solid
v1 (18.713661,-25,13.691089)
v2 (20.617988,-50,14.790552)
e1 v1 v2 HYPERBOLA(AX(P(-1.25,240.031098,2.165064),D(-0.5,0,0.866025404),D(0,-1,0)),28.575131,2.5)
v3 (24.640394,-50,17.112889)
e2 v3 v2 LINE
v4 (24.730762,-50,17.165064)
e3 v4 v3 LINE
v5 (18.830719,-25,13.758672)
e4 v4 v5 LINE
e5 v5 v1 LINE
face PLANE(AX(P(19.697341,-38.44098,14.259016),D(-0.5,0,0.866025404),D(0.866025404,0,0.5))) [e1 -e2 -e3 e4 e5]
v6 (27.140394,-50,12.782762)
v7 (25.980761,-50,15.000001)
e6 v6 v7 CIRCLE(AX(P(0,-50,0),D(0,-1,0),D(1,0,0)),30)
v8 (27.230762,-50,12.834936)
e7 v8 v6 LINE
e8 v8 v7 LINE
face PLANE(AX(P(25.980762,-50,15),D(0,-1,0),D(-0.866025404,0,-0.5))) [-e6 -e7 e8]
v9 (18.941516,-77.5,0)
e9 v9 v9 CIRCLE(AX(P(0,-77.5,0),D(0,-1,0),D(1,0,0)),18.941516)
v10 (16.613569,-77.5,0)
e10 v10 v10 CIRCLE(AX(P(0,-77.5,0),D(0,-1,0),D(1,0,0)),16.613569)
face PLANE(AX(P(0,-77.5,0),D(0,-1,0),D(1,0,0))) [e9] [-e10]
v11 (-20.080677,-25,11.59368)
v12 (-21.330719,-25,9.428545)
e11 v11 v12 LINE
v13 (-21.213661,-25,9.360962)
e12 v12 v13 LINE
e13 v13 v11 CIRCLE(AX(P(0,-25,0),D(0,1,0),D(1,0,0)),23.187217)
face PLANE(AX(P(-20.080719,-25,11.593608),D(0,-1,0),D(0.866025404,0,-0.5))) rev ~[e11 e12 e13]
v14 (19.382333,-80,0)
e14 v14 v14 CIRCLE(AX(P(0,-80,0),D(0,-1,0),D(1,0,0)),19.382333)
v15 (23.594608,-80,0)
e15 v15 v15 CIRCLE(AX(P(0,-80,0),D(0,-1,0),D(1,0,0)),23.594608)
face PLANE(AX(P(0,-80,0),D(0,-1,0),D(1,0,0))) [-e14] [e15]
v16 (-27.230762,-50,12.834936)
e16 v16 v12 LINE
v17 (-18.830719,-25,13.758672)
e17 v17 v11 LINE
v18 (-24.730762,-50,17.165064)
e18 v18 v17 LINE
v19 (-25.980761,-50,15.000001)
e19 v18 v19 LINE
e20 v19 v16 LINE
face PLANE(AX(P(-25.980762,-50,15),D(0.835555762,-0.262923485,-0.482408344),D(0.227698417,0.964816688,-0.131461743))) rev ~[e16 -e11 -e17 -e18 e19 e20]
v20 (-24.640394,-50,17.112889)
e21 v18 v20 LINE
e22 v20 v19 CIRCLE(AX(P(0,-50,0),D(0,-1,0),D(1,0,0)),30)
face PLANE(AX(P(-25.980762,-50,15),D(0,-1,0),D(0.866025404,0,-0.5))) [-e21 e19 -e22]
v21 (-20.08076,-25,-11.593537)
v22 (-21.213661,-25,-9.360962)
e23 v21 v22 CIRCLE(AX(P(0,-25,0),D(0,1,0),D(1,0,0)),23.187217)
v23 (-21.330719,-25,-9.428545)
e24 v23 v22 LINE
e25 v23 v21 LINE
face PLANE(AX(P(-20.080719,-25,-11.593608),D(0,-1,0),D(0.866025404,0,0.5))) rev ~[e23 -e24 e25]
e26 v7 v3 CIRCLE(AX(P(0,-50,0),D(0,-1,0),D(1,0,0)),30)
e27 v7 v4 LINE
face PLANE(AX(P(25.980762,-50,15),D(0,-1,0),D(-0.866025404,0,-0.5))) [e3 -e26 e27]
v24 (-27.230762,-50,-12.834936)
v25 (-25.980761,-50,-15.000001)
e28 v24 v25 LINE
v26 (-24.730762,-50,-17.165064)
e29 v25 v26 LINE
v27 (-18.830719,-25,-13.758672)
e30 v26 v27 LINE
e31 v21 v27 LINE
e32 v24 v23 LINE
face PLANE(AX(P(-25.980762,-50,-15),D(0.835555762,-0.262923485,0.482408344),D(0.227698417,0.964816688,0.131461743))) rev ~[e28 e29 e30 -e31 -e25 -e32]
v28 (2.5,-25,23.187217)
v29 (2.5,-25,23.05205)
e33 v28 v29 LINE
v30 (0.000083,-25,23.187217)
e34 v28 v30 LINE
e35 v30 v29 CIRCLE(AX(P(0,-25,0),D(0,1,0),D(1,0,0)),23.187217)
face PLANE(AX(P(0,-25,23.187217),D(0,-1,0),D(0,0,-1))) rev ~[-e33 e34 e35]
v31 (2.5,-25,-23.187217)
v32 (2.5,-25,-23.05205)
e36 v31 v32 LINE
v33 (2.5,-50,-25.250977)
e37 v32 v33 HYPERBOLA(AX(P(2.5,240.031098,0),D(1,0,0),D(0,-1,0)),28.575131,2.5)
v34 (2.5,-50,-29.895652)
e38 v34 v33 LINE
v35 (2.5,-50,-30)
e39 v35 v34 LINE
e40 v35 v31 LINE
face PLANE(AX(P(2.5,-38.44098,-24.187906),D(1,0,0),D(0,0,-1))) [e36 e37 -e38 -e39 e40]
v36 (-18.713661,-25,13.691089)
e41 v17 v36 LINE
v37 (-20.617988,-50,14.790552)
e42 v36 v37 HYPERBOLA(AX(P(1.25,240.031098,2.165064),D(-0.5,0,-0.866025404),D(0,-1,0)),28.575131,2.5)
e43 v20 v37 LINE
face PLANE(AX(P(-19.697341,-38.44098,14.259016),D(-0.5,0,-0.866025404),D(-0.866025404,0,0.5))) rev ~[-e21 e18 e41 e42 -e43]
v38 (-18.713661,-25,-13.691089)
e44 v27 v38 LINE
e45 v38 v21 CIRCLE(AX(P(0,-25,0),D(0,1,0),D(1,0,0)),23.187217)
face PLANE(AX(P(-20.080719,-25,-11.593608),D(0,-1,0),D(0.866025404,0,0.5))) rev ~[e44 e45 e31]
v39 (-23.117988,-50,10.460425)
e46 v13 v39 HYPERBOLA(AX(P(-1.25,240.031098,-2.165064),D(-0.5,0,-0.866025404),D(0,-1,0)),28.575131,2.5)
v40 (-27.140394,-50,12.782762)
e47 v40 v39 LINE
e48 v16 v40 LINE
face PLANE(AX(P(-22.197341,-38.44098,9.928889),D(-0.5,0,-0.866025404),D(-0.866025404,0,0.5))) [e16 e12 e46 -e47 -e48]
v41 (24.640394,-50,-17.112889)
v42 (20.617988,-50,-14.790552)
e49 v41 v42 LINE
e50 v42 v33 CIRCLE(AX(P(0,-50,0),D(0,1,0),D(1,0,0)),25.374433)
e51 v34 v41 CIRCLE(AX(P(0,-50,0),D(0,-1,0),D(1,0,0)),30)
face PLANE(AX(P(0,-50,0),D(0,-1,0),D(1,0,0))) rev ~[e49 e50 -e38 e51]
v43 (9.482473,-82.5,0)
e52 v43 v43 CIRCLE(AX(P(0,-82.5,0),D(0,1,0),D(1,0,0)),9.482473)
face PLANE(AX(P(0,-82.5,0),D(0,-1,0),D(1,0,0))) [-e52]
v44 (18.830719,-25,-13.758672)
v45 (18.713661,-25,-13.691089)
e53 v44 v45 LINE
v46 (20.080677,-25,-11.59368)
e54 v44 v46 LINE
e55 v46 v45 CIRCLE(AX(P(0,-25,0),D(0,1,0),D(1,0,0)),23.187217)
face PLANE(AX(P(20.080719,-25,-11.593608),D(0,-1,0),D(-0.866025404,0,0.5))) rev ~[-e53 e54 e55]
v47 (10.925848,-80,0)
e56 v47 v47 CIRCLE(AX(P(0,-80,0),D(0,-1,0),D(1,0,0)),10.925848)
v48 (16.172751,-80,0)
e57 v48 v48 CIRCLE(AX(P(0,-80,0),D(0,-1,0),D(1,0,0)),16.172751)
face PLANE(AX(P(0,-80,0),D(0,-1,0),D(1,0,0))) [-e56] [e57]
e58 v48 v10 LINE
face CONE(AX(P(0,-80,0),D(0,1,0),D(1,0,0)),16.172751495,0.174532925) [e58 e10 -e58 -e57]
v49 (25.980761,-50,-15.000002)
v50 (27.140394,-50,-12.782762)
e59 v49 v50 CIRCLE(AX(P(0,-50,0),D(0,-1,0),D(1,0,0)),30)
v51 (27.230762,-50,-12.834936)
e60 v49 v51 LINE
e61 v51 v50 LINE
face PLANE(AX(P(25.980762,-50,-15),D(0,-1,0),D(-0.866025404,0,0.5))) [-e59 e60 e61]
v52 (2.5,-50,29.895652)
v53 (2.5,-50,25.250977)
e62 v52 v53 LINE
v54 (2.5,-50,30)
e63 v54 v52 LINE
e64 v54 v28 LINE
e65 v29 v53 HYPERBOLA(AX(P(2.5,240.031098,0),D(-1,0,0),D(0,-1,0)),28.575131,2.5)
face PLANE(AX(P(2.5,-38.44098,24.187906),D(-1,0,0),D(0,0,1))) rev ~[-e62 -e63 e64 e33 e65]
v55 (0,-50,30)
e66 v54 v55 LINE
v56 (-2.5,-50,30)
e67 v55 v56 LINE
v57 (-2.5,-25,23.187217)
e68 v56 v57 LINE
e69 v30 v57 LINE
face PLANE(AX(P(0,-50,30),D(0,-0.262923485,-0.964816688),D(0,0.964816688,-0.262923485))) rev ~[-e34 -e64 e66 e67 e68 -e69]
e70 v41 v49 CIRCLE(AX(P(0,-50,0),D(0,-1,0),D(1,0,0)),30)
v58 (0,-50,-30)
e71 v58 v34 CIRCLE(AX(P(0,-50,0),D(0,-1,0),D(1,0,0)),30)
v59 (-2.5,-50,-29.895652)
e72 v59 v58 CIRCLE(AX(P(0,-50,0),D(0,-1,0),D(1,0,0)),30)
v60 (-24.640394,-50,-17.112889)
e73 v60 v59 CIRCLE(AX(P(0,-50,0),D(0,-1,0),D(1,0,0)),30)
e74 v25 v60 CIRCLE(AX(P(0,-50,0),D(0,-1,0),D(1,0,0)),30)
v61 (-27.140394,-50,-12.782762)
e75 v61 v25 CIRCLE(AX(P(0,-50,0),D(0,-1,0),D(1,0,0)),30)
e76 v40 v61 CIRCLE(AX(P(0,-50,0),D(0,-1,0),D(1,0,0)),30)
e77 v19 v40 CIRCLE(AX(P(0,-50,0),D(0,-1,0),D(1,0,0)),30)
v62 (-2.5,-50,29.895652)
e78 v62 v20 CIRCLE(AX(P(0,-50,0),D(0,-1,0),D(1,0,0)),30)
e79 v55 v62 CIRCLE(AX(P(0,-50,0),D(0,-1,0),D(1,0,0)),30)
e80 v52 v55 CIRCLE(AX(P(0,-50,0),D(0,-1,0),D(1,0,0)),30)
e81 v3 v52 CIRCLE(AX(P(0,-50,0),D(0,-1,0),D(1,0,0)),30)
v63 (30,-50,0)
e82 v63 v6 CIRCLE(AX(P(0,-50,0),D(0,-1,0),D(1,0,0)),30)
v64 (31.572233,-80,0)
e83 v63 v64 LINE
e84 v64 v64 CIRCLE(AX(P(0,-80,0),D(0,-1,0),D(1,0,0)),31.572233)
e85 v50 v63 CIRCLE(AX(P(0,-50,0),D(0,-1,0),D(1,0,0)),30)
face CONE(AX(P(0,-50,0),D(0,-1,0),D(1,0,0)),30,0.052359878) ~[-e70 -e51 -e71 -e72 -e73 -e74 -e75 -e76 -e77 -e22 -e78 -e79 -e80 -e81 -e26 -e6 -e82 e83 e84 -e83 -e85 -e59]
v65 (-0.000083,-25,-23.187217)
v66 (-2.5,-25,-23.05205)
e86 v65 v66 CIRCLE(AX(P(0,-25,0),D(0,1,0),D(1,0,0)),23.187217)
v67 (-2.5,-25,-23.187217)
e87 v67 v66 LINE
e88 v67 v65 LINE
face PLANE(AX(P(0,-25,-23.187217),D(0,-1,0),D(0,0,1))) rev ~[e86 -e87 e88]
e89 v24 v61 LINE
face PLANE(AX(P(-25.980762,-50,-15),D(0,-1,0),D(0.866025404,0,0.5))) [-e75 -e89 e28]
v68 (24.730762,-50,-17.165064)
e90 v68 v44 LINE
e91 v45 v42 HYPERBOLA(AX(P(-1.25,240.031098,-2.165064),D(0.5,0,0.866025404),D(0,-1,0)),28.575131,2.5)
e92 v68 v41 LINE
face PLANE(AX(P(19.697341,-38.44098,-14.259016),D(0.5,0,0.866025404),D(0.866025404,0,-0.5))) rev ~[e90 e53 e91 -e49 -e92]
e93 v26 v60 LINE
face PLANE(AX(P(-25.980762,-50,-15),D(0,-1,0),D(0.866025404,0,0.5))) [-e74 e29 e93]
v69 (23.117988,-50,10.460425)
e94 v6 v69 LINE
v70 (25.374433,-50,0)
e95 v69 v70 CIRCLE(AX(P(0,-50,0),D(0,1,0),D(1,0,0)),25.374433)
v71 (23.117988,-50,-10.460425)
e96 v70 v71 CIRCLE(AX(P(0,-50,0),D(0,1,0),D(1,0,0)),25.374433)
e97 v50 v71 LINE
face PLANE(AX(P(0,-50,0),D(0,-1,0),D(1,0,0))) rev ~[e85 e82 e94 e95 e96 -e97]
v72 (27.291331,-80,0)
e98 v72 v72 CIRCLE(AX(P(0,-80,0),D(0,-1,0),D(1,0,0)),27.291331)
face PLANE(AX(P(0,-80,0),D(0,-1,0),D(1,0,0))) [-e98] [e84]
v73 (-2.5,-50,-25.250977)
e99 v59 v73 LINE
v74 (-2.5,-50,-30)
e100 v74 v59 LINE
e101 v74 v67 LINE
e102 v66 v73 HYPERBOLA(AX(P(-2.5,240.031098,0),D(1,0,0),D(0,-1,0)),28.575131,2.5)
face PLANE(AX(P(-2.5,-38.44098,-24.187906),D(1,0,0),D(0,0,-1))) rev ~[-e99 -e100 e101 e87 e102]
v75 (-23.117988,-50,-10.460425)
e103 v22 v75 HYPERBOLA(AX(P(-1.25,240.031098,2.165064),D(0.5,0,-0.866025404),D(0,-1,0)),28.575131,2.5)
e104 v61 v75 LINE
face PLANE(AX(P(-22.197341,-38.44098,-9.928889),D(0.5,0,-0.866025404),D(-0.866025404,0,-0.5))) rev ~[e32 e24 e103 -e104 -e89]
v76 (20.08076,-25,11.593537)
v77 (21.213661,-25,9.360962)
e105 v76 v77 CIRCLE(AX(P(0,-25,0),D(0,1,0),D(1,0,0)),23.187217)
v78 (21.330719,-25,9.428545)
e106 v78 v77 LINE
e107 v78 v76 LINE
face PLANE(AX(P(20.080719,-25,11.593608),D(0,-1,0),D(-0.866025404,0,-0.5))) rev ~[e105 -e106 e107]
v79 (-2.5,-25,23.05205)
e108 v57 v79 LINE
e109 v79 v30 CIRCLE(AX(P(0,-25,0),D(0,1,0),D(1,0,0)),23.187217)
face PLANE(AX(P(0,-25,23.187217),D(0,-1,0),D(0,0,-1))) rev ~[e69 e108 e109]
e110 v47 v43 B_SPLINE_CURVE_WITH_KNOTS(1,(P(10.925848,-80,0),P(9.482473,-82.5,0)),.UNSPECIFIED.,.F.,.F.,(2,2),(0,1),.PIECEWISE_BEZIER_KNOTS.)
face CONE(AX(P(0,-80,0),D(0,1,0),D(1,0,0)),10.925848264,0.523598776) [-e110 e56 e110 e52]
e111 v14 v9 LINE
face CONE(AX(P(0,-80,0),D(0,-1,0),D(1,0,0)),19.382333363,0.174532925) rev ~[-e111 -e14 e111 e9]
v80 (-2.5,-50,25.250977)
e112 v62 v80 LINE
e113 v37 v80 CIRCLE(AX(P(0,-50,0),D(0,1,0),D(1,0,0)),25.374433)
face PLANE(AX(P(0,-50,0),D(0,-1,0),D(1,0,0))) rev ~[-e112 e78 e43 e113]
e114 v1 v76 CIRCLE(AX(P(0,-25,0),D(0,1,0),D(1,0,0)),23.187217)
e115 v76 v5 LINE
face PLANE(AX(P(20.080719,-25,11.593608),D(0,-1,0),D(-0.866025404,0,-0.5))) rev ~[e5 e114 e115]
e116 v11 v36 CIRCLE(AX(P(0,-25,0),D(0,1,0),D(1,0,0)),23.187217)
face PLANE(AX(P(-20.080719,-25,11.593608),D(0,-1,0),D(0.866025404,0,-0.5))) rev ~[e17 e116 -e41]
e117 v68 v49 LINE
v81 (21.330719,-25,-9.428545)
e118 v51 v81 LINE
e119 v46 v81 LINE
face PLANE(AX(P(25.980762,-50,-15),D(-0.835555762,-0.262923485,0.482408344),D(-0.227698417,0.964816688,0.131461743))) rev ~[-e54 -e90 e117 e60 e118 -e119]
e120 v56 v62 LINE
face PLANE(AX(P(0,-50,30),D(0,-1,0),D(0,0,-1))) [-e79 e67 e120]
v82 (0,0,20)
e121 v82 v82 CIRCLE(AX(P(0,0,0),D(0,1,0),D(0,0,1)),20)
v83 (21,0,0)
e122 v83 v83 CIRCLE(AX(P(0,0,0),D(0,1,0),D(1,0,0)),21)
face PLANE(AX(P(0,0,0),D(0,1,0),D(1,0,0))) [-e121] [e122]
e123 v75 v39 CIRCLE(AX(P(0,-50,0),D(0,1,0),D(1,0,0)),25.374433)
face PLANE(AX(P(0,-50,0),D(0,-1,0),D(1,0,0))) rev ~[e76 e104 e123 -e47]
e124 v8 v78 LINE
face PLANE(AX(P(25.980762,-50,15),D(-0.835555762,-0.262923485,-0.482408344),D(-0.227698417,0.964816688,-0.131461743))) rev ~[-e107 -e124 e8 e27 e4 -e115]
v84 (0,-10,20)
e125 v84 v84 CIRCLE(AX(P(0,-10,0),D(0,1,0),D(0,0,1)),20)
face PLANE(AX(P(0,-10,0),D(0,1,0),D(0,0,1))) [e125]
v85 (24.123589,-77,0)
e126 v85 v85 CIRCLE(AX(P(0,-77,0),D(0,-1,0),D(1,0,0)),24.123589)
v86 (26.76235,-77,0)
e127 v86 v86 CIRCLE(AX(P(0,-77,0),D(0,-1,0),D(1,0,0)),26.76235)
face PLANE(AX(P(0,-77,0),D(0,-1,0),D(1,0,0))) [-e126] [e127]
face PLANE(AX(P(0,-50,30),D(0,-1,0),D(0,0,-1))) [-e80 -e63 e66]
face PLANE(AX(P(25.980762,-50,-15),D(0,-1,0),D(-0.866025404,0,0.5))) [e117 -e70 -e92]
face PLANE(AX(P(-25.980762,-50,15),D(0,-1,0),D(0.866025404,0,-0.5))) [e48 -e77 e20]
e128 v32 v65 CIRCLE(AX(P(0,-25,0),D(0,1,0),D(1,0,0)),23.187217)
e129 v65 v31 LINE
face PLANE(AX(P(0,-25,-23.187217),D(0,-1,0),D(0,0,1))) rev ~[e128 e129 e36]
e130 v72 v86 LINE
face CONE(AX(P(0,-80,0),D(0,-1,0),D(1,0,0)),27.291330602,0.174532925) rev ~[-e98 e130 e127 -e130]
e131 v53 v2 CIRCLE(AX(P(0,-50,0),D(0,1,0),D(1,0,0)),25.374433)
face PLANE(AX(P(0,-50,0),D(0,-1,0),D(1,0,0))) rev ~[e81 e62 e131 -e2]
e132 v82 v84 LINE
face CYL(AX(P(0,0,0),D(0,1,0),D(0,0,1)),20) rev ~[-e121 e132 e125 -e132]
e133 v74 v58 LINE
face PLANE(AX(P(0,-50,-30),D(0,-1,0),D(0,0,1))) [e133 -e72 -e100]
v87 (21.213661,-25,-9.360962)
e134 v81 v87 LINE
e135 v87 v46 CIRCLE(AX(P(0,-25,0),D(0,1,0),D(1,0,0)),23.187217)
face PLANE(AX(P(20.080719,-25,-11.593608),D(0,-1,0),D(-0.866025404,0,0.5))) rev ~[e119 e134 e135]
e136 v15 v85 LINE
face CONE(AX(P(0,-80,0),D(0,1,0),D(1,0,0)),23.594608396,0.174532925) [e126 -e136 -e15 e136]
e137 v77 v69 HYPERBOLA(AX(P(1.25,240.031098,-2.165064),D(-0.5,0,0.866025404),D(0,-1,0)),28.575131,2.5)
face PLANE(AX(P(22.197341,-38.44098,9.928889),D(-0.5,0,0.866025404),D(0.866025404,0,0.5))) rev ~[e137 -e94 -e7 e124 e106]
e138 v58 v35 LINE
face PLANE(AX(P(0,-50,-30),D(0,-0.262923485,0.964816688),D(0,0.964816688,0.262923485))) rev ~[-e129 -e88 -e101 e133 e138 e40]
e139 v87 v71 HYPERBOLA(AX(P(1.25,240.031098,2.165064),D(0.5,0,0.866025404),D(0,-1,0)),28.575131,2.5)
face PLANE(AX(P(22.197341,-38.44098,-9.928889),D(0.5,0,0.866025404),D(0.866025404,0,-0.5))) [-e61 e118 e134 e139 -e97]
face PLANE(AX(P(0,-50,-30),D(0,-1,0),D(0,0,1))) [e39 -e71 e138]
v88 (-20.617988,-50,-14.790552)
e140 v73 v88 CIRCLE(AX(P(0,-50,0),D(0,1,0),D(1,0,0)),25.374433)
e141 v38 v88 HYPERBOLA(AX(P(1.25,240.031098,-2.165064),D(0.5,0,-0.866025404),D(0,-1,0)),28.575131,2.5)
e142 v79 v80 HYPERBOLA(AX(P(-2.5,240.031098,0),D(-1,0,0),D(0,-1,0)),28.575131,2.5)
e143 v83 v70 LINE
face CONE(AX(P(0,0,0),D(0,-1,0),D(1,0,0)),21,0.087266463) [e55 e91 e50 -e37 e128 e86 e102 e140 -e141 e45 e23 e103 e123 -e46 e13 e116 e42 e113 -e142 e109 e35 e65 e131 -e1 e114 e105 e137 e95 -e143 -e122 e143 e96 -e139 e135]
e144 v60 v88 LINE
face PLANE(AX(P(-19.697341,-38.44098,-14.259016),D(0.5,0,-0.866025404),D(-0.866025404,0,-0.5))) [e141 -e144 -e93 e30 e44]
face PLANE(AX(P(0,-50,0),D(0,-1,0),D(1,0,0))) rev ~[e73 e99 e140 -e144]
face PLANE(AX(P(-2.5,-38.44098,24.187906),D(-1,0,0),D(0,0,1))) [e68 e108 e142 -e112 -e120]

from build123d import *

# Parameters (mm, degrees)
SKETCH1_R           = 21
BOSS_EXTRUDE1_DEPTH = 50
BOSS_EXTRUDE1_DRAFT = 5
SKETCH2_R           = 30
BOSS_EXTRUDE2_DEPTH = 30
BOSS_EXTRUDE2_DRAFT = -3
BOSS_EXTRUDE3_DEPTH = 2.5
CIRPATTERN1_COUNT   = 6
SKETCH4_R           = 27.291330602
SKETCH4_R_2         = 23.594608396
CUT_EXTRUDE1_DEPTH  = 3
CUT_EXTRUDE1_DRAFT  = -10
SKETCH5_R           = 19.382333363
SKETCH5_R_2         = 16.172751495
CUT_EXTRUDE2_DEPTH  = 2.5
CUT_EXTRUDE2_DRAFT  = -10
SKETCH6_R           = 10.925848264
BOSS_EXTRUDE4_DEPTH = 2.5
BOSS_EXTRUDE4_TAPER = 30
SKETCH7_R           = 20
CUT_EXTRUDE3_DEPTH  = 10


with BuildPart() as part:
    # Sketch1 → Boss-Extrude1 (with draft: the straight prism first)
    with BuildSketch(Plane(origin=(0, 0, 0), x_dir=(1, 0, 0), z_dir=(0, 1, 0))):
        Circle(SKETCH1_R)
    extrude(amount=-BOSS_EXTRUDE1_DEPTH)
    # Boss-Extrude1: the draft: its side faces are tilted about the plane it starts from
    boss_extrude1_sides = [part.faces().sort_by_distance(p)[0] for p in [
        (-21, -25, 0),
    ]]
    draft(boss_extrude1_sides, Plane(origin=(0, 0, 0), x_dir=(1, 0, 0), z_dir=(0, 1, 0)), BOSS_EXTRUDE1_DRAFT)


with BuildPart() as boss_extrude2_tool:
    # Sketch2 → Boss-Extrude2 (with draft: the straight prism first)
    with BuildSketch(Plane.XZ.offset(50)):
        Circle(SKETCH2_R)
    extrude(amount=BOSS_EXTRUDE2_DEPTH)
    # Boss-Extrude2: the draft: its side faces are tilted about the plane it starts from
    boss_extrude2_sides = [boss_extrude2_tool.faces().sort_by_distance(p)[0] for p in [
        (-30, -65, 0),
    ]]
    draft(boss_extrude2_sides, Plane.XZ.offset(50), BOSS_EXTRUDE2_DRAFT)


with BuildPart() as part_1:
    add(part.part)

    # Boss-Extrude2: add boss_extrude2_tool
    add(boss_extrude2_tool.part)

    # Sketch3 → Boss-Extrude3 (add, symmetric)
    with BuildSketch(Plane(origin=(0, 0, 0), x_dir=(0, 0, -1), z_dir=(1, 0, 0))):
        Polygon((-25.374433176, -50), (-30, -50), (-23.187216588, -25), (-20.280513913, -25), (-22.467730501, -50), align=None)
    boss_extrude3 = extrude(amount=BOSS_EXTRUDE3_DEPTH, both=True)

    # CirPattern1: Boss-Extrude3 ×6 about axis
    cirpattern1_axis = Axis((0, 0, 0), (0, 1, 0))
    for i in range(1, CIRPATTERN1_COUNT):
        add(boss_extrude3.rotate(cirpattern1_axis, i * 360 / CIRPATTERN1_COUNT))


with BuildPart() as cut_extrude1_tool:
    # Sketch4 → Cut-Extrude1 (with draft: the straight prism first)
    with BuildSketch(Plane.XZ.offset(80)):
        Circle(SKETCH4_R)
        Circle(SKETCH4_R_2, mode=Mode.SUBTRACT)
    extrude(amount=-CUT_EXTRUDE1_DEPTH)
    # Cut-Extrude1: the draft: its side faces are tilted about the plane it starts from
    cut_extrude1_sides = [cut_extrude1_tool.faces().sort_by_distance(p)[0] for p in [
        (-27.291330602, -78.5, 0),
        (-23.594608396, -78.5, 0),
    ]]
    draft(cut_extrude1_sides, Plane.XZ.offset(80), CUT_EXTRUDE1_DRAFT)


with BuildPart() as part_2:
    add(part_1.part)

    # Cut-Extrude1: cut by cut_extrude1_tool
    add(cut_extrude1_tool.part, mode=Mode.SUBTRACT)


with BuildPart() as cut_extrude2_tool:
    # Sketch5 → Cut-Extrude2 (with draft: the straight prism first)
    with BuildSketch(Plane.XZ.offset(80)):
        Circle(SKETCH5_R)
        Circle(SKETCH5_R_2, mode=Mode.SUBTRACT)
    extrude(amount=-CUT_EXTRUDE2_DEPTH)
    # Cut-Extrude2: the draft: its side faces are tilted about the plane it starts from
    cut_extrude2_sides = [cut_extrude2_tool.faces().sort_by_distance(p)[0] for p in [
        (-19.382333363, -78.75, 0),
        (-16.172751495, -78.75, 0),
    ]]
    draft(cut_extrude2_sides, Plane.XZ.offset(80), CUT_EXTRUDE2_DRAFT)


with BuildPart() as part_3:
    add(part_2.part)

    # Cut-Extrude2: cut by cut_extrude2_tool
    add(cut_extrude2_tool.part, mode=Mode.SUBTRACT)

    # Sketch6 → Boss-Extrude4 (add)
    with BuildSketch(Plane.XZ.offset(80)):
        Circle(SKETCH6_R)
    extrude(amount=BOSS_EXTRUDE4_DEPTH, taper=BOSS_EXTRUDE4_TAPER)

    # Sketch7 → Cut-Extrude3 (cut)
    with BuildSketch(Plane(origin=(0, 0, 0), x_dir=(1, 0, 0), z_dir=(0, 1, 0))):
        with Locations(Location((0, 0, 0), (0, 0, 270))):
            Circle(SKETCH7_R)
    extrude(amount=-CUT_EXTRUDE3_DEPTH, mode=Mode.SUBTRACT)


solid = part_3.part
